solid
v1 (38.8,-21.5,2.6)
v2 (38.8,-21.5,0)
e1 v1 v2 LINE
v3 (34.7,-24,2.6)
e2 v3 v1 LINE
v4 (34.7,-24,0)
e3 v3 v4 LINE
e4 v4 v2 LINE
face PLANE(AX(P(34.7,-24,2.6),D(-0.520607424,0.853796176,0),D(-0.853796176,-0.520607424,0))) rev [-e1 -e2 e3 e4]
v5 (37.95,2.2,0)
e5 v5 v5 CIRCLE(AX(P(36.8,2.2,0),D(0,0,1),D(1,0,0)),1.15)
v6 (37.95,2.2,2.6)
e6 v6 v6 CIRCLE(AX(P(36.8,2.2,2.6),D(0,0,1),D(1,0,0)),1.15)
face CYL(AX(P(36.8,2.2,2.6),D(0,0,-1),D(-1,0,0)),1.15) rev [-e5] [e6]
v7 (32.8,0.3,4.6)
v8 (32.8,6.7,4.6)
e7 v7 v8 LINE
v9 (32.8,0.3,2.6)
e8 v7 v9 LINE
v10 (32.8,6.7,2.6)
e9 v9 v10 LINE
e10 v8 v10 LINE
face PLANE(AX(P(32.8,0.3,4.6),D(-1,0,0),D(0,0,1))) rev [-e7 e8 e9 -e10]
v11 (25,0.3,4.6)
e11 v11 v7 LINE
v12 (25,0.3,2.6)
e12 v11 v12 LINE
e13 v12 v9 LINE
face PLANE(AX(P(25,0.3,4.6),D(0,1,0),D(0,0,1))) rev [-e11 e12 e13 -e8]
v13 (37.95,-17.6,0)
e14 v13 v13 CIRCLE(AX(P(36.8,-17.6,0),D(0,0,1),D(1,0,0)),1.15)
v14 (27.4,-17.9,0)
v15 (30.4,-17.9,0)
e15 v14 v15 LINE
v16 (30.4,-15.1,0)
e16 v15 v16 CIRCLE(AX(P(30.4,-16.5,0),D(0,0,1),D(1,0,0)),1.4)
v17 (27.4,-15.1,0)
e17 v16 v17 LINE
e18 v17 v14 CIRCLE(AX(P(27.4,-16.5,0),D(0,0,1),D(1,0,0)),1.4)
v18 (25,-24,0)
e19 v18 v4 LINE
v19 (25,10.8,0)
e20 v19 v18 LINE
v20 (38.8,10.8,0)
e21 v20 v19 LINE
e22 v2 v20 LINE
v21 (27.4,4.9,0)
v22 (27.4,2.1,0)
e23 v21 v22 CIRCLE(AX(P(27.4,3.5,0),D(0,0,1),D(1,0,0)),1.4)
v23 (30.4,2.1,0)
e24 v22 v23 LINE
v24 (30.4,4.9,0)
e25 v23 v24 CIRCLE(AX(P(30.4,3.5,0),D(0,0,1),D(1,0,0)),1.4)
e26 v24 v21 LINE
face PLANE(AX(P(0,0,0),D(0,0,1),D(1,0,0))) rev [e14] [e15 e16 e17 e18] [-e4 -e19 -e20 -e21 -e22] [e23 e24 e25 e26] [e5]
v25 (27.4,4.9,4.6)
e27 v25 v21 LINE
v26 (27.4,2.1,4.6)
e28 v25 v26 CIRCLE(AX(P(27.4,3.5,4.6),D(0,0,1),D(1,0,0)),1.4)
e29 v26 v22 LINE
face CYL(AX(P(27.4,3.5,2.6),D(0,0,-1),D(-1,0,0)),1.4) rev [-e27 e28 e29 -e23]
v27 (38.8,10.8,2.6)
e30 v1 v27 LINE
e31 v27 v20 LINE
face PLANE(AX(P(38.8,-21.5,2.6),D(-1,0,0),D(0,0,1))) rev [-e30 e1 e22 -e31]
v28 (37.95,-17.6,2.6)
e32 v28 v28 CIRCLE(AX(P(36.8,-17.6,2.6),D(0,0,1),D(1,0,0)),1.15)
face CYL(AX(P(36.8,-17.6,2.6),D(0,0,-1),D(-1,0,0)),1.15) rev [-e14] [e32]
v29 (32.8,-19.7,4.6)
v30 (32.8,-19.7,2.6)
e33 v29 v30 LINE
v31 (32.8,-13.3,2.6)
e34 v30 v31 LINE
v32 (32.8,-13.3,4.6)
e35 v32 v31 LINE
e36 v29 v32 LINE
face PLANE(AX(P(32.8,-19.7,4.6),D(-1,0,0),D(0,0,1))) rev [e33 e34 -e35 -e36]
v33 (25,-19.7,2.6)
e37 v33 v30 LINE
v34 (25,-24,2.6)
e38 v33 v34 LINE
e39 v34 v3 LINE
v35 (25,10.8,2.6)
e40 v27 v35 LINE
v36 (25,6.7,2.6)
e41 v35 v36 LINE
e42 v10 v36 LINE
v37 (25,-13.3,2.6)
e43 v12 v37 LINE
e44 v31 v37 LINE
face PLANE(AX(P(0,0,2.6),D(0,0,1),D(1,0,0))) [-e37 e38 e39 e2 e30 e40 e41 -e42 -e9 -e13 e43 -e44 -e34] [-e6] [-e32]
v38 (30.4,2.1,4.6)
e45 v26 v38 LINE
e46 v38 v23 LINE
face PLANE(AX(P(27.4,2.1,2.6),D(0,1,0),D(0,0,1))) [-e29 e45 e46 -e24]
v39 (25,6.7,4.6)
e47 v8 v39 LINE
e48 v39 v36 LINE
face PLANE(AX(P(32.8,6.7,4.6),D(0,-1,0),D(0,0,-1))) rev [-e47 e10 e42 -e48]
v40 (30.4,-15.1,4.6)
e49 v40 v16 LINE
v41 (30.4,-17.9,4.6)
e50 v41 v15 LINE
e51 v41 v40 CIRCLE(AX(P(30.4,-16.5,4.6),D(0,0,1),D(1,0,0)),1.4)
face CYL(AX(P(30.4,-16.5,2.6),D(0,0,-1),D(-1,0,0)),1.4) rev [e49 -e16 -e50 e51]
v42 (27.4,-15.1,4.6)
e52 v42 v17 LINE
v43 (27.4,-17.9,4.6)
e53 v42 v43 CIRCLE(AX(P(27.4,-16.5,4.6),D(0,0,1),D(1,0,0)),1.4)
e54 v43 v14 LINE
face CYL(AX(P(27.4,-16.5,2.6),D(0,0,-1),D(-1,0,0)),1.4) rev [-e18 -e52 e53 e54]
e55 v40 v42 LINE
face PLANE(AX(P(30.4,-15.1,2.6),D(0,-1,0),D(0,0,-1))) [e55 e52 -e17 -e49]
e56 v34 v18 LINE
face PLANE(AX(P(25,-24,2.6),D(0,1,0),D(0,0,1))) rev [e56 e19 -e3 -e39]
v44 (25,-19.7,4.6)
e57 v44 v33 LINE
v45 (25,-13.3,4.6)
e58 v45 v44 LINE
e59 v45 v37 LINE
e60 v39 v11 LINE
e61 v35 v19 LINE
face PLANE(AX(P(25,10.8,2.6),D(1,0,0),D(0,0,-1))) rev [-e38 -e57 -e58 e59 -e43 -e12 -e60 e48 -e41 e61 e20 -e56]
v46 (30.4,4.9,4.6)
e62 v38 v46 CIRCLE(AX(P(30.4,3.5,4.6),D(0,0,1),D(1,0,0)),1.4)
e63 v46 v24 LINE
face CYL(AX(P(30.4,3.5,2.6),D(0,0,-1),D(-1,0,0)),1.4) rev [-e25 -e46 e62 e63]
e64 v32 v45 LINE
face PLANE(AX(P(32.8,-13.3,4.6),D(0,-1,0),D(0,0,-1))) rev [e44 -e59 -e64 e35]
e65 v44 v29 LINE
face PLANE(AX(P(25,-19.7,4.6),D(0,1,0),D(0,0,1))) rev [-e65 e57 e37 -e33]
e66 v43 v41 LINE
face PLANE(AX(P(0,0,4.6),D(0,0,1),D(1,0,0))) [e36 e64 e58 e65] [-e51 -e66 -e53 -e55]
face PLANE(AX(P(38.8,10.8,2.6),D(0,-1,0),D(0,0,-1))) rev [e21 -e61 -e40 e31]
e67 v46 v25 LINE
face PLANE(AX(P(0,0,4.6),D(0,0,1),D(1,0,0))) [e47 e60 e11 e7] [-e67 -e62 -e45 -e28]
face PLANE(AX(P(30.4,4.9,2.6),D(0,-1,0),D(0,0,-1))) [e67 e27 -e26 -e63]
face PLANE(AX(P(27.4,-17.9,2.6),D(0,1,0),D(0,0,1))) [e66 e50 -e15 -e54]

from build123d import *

# Parameters (mm, degrees)
OPPOSITE_END_CROSSBAR_WITH_TWO_ADJUS_2_R       = 1.15
OPPOSITE_END_CROSSBAR_WITH_TWO_ADJUSTABL_DEPTH = 2.6
TWO_START                                      = 2.6
TWO_RAISED_PCB_BOLT_PADS_PROFILE_W             = 7.8
TWO_RAISED_PCB_BOLT_PADS_PROFILE_H             = 6.4
TWO_RAISED_PCB_BOLT_PADS_DEPTH                 = 2


with BuildPart() as part:
    # Opposite end crossbar with two adjus 2 → Opposite end crossbar with two adjustabl (new body)
    with BuildSketch(Plane.XY):
        Polygon((25, -24), (34.7, -24), (38.8, -21.5), (38.8, 10.8), (25, 10.8), align=None)
        with Locations((36.8, -17.6)):
            Circle(OPPOSITE_END_CROSSBAR_WITH_TWO_ADJUS_2_R, mode=Mode.SUBTRACT)
        with Locations((36.8, 2.2)):
            Circle(OPPOSITE_END_CROSSBAR_WITH_TWO_ADJUS_2_R, mode=Mode.SUBTRACT)
        with BuildLine():
            Line((27.4, -17.9), (30.4, -17.9))
            ThreePointArc((30.4, -17.9), (31.8, -16.5), (30.4, -15.1))
            Line((30.4, -15.1), (27.4, -15.1))
            ThreePointArc((27.4, -15.1), (26, -16.5), (27.4, -17.9))
        make_face(mode=Mode.SUBTRACT)
        with BuildLine():
            Line((27.4, 2.1), (30.4, 2.1))
            ThreePointArc((30.4, 2.1), (31.8, 3.5), (30.4, 4.9))
            Line((30.4, 4.9), (27.4, 4.9))
            ThreePointArc((27.4, 4.9), (26, 3.5), (27.4, 2.1))
        make_face(mode=Mode.SUBTRACT)
    extrude(amount=OPPOSITE_END_CROSSBAR_WITH_TWO_ADJUSTABL_DEPTH)

    # Two raised PCB bolt pads profile → Two raised PCB bolt pads (add)
    # profile 1 of 2: a face of its own
    with BuildSketch(Plane.XY.offset(TWO_START)):
        with Locations((28.9, -16.5)):
            Rectangle(TWO_RAISED_PCB_BOLT_PADS_PROFILE_W, TWO_RAISED_PCB_BOLT_PADS_PROFILE_H)
        with BuildLine():
            Line((27.4, -17.9), (30.4, -17.9))
            ThreePointArc((30.4, -17.9), (31.8, -16.5), (30.4, -15.1))
            Line((30.4, -15.1), (27.4, -15.1))
            ThreePointArc((27.4, -15.1), (26, -16.5), (27.4, -17.9))
        make_face(mode=Mode.SUBTRACT)
    # profile 2 of 2: a face of its own
    with BuildSketch(Plane.XY.offset(TWO_START)):
        with Locations((28.9, 3.5)):
            Rectangle(TWO_RAISED_PCB_BOLT_PADS_PROFILE_W, TWO_RAISED_PCB_BOLT_PADS_PROFILE_H)
        with BuildLine():
            Line((27.4, 2.1), (30.4, 2.1))
            ThreePointArc((30.4, 2.1), (31.8, 3.5), (30.4, 4.9))
            Line((30.4, 4.9), (27.4, 4.9))
            ThreePointArc((27.4, 4.9), (26, 3.5), (27.4, 2.1))
        make_face(mode=Mode.SUBTRACT)
    extrude(amount=TWO_RAISED_PCB_BOLT_PADS_DEPTH)


solid = part.part
